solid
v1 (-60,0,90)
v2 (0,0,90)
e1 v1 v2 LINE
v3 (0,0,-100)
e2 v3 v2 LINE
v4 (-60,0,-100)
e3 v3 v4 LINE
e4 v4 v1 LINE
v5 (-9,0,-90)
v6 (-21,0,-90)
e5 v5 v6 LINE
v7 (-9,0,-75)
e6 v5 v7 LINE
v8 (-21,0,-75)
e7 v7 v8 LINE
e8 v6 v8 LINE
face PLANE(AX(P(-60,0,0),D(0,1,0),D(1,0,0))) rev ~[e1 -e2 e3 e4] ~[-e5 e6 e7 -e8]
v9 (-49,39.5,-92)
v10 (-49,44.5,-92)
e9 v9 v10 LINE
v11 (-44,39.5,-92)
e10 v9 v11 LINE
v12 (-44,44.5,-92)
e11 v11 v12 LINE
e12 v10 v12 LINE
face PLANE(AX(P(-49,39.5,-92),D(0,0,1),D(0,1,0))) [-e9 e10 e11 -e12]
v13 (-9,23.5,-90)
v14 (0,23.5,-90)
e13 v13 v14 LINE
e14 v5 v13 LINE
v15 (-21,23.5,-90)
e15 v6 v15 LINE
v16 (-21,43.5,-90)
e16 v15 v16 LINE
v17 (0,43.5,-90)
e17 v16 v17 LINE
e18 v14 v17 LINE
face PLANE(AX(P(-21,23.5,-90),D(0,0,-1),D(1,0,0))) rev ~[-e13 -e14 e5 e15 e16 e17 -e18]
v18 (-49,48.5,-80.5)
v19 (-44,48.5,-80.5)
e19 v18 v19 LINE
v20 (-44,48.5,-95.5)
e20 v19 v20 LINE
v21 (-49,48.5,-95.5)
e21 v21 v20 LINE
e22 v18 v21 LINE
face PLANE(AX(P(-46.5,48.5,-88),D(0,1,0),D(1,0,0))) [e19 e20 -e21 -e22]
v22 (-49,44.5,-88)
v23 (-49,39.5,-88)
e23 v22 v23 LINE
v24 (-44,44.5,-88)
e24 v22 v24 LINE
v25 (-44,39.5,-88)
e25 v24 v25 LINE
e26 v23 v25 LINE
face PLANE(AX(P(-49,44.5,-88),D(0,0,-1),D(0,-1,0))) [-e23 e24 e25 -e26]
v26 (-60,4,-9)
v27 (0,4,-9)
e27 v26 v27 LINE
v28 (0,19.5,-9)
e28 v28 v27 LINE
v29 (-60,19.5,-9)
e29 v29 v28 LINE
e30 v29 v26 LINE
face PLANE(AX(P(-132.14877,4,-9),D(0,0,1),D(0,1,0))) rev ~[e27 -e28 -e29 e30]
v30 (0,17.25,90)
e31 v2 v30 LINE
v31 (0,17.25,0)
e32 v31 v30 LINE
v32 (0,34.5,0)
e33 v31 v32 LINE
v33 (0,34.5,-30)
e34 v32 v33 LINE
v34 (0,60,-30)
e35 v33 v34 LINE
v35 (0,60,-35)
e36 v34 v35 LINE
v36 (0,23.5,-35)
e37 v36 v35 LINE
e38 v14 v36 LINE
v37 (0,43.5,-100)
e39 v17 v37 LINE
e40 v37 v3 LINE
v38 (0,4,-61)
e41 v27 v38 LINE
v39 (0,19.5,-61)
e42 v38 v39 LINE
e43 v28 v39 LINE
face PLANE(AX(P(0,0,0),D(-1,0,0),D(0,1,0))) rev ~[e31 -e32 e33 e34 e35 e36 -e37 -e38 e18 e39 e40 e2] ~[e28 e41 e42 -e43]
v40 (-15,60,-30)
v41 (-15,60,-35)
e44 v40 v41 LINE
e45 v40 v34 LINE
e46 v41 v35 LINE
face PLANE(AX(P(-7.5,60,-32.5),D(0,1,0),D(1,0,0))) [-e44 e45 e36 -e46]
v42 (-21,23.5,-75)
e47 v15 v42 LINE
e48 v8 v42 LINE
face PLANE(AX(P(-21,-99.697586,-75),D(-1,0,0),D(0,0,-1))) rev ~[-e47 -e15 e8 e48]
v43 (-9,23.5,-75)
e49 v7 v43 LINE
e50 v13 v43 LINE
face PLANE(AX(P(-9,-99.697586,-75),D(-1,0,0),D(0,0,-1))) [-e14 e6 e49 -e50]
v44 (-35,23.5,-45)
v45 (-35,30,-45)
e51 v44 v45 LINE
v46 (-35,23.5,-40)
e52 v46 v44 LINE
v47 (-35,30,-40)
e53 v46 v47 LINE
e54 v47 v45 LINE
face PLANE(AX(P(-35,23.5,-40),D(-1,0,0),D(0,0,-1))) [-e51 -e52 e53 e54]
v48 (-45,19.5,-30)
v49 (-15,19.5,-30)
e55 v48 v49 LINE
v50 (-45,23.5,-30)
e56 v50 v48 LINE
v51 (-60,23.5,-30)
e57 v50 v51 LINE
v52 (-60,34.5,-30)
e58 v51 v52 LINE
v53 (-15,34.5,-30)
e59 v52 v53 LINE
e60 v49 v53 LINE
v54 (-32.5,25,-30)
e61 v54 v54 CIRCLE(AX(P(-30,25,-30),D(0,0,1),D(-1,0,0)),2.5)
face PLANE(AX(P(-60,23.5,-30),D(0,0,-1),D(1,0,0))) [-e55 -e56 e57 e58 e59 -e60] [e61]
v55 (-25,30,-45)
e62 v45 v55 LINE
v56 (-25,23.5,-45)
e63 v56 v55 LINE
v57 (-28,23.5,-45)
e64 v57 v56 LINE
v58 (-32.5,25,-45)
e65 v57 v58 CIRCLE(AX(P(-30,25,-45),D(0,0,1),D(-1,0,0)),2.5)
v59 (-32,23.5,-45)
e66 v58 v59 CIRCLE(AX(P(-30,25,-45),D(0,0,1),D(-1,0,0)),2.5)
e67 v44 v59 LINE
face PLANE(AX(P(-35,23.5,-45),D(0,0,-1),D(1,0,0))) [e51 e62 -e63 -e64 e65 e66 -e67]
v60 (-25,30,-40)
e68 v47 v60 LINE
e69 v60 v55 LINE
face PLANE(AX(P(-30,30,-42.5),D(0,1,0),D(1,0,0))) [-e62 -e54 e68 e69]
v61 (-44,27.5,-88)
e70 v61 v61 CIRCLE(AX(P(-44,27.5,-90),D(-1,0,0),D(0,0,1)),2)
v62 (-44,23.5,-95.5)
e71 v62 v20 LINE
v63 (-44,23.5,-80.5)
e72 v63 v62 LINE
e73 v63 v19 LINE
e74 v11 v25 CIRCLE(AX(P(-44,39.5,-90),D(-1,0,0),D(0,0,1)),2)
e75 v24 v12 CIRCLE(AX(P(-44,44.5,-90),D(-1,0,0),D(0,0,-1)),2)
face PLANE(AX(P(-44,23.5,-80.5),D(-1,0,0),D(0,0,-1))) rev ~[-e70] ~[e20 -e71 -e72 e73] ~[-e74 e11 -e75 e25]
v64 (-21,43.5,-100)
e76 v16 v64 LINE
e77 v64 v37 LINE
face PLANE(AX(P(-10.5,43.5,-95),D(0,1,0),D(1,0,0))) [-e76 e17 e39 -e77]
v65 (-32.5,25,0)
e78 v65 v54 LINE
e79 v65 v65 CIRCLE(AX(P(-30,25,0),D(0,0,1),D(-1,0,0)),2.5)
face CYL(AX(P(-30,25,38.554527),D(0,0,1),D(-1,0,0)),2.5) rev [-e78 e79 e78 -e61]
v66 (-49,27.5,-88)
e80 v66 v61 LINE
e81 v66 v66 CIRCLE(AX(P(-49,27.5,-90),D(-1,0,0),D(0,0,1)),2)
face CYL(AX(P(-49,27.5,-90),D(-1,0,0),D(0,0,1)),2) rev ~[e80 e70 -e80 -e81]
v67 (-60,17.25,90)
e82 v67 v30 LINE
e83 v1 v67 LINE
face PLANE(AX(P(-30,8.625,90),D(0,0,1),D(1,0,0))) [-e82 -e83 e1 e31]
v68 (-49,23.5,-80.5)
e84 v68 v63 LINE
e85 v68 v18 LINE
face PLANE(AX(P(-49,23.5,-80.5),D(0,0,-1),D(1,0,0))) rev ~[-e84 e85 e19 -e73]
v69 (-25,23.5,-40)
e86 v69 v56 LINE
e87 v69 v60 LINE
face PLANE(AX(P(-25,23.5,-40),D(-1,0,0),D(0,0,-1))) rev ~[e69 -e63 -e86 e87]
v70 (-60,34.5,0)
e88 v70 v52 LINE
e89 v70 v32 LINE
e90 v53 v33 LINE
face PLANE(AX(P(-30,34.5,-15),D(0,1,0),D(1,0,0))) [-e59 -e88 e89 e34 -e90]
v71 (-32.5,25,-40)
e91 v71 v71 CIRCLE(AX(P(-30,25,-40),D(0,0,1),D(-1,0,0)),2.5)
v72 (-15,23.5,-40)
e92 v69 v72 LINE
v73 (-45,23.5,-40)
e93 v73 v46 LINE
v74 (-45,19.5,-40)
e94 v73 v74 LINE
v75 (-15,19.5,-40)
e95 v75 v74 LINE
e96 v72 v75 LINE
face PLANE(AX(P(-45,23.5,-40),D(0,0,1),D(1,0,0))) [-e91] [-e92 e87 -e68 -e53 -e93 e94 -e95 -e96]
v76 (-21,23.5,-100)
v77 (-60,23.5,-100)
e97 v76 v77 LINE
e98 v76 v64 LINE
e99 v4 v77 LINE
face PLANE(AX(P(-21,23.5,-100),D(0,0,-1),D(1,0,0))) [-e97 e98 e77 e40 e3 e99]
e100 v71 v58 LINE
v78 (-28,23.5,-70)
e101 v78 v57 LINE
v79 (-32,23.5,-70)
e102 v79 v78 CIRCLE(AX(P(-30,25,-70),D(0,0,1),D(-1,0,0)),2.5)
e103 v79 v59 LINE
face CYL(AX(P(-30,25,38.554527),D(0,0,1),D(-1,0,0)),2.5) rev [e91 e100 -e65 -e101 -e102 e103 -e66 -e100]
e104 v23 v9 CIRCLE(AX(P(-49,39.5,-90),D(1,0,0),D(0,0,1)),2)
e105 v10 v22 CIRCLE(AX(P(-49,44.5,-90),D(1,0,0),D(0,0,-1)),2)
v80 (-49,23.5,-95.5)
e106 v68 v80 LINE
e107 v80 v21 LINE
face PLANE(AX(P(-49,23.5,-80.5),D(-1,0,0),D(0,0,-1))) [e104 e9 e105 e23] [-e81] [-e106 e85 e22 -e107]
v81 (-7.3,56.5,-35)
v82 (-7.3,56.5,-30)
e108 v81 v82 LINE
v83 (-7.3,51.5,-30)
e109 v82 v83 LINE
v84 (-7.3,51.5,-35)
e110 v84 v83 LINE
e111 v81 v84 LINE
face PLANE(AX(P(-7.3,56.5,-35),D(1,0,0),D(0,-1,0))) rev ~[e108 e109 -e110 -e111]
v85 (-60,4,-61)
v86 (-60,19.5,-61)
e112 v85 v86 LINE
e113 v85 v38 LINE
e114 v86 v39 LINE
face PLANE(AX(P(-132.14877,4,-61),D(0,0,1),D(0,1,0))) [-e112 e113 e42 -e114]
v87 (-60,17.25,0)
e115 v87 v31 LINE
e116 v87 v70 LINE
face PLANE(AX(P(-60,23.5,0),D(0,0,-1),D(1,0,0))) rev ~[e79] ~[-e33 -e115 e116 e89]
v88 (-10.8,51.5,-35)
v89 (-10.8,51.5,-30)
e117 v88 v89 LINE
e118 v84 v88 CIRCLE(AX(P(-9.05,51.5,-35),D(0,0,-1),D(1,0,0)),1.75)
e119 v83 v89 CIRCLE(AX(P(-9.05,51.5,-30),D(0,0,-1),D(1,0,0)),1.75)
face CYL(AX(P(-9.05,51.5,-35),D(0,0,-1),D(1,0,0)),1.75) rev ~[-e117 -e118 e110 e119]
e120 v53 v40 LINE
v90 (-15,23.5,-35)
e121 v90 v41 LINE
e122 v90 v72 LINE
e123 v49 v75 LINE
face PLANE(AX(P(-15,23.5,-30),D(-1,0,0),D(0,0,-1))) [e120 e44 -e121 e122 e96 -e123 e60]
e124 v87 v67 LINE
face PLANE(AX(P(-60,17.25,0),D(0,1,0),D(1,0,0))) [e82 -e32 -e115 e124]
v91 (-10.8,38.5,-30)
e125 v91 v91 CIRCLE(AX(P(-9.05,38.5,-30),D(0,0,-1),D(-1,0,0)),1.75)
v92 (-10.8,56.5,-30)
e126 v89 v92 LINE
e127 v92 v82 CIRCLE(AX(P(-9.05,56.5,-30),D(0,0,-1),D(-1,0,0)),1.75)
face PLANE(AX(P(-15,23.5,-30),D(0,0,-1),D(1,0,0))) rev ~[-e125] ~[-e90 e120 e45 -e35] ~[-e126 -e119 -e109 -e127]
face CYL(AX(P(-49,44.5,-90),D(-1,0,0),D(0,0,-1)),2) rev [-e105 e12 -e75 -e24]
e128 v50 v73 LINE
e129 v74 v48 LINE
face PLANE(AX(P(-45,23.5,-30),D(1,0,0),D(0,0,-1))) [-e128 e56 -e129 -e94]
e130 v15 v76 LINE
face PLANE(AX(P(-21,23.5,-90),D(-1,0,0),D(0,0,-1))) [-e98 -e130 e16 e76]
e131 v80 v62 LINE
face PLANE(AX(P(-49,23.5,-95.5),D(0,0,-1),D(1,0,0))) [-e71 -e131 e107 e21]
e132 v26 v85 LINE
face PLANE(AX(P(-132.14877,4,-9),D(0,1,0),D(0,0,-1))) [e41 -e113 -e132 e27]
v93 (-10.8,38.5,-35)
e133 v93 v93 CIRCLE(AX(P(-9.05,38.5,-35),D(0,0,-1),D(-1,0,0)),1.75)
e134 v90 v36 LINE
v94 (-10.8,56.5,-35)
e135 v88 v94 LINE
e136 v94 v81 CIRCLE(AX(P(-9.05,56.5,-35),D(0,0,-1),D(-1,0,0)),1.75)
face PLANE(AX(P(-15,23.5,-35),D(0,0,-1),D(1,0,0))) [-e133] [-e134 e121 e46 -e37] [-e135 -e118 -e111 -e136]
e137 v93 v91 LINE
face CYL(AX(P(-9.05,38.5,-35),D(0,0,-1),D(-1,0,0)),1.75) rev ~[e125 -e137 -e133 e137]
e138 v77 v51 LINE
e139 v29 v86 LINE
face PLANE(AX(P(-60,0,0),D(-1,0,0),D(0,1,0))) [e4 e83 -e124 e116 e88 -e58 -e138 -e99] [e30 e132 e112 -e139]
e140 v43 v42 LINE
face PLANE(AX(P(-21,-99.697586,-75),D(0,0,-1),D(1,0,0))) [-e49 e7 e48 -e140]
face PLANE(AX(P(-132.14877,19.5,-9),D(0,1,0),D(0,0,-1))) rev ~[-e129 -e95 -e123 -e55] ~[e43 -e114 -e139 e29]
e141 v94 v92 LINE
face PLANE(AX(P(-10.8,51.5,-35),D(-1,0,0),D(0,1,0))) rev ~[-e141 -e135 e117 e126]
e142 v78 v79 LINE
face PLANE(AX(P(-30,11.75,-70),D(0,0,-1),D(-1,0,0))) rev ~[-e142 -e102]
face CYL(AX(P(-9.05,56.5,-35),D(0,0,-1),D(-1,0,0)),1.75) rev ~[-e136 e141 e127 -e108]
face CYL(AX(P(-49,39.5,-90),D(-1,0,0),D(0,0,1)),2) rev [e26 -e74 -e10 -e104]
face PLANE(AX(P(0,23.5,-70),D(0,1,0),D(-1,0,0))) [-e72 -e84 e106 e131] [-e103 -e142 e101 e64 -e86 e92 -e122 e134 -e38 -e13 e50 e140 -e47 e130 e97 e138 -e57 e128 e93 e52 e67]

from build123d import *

# Parameters (mm, degrees)
SKETCH1_W               = 60
SKETCH1_H               = 70
BOSS_EXTRUDE1_DEPTH     = 23.5
SHELL1_T                = -9
SKETCH2_W               = 10
SKETCH2_H               = 5
BOSS_EXTRUDE2_DEPTH     = 6.5
SKETCH5_W               = 60
SKETCH5_H               = 30
BOSS_EXTRUDE3_DEPTH     = 11
CUT_EXTRUDE1_DEPTH      = 83.554527435
CUT_EXTRUDE1_DEPTH_BACK = 83.554527435
SKETCH3_R               = 2.5
SKETCH4_W               = 30
SKETCH4_H               = 10
CUT_EXTRUDE2_DEPTH      = 10
SKETCH6_W               = 15
SKETCH6_H               = 5
BOSS_EXTRUDE4_DEPTH     = 36.5
SKETCH8_R               = 1.75
CUT_EXTRUDE3_DEPTH      = 10
SKETCH9_W               = 60
SKETCH9_H               = 23.5
BOSS_EXTRUDE5_DEPTH     = 30
CUT_EXTRUDE4_DEPTH      = 123.197585901
CUT_EXTRUDE4_DEPTH_BACK = 123.197585901
SKETCH11_W              = 12
SKETCH11_H              = 15
SKETCH12_W              = 5
SKETCH12_H              = 15
BOSS_EXTRUDE7_DEPTH     = 25
SKETCH13_R              = 2
CUT_EXTRUDE5_DEPTH      = 25
SKETCH14_W              = 21
SKETCH14_H              = 10
BOSS_EXTRUDE8_DEPTH     = 20
SKETCH15_W              = 60
SKETCH15_H              = 17.25
BOSS_EXTRUDE9_DEPTH     = 90
CUT_EXTRUDE6_DEPTH      = 132.148770486
CUT_EXTRUDE6_DEPTH_BACK = 132.148770486
SKETCH16_W              = 52
SKETCH16_H              = 15.5


with BuildPart() as part:
    # Sketch1 → Boss-Extrude1 (new body)
    with BuildSketch(Plane(origin=(0, 0, 0), x_dir=(1, 0, 0), z_dir=(0, 1, 0))):
        with Locations((-30, 35)):
            Rectangle(SKETCH1_W, SKETCH1_H)
    extrude(amount=BOSS_EXTRUDE1_DEPTH)

    # Shell1
    shell1_openings = [part.faces().sort_by_distance(p)[0] for p in [
        (-60, 11.75, -35),
        (0, 11.75, -35),
    ]]
    offset(amount=SHELL1_T, openings=shell1_openings, kind=Kind.INTERSECTION)

    # Sketch2 → Boss-Extrude2 (add)
    with BuildSketch(Plane(origin=(0, 23.5, 0), x_dir=(1, 0, 0), z_dir=(0, 1, 0))):
        with Locations((-30, 42.5)):
            Rectangle(SKETCH2_W, SKETCH2_H)
        with Locations((-30, 27.5)):
            Rectangle(SKETCH2_W, SKETCH2_H)
    extrude(amount=BOSS_EXTRUDE2_DEPTH)

    # Sketch5 → Boss-Extrude3 (add)
    with BuildSketch(Plane(origin=(0, 23.5, 0), x_dir=(1, 0, 0), z_dir=(0, 1, 0))):
        with Locations((-30, 15)):
            Rectangle(SKETCH5_W, SKETCH5_H)
    extrude(amount=BOSS_EXTRUDE3_DEPTH)

    # Sketch3 → Cut-Extrude1 (cut, two sides: drawn at the far end of the back side and taken through both)
    with BuildSketch(Plane(origin=(0, 0, -45), x_dir=(-1, 0, 0), z_dir=(0, 0, -1)).offset(-CUT_EXTRUDE1_DEPTH_BACK)):
        with Locations((30, 25)):
            Circle(SKETCH3_R)
    extrude(amount=CUT_EXTRUDE1_DEPTH + CUT_EXTRUDE1_DEPTH_BACK, mode=Mode.SUBTRACT)

    # Sketch4 → Cut-Extrude2 (cut)
    with BuildSketch(Plane(origin=(0, 23.5, 0), x_dir=(1, 0, 0), z_dir=(0, 1, 0))):
        with Locations((-30, 35)):
            Rectangle(SKETCH4_W, SKETCH4_H)
    extrude(amount=-CUT_EXTRUDE2_DEPTH, mode=Mode.SUBTRACT)

    # Sketch6 → Boss-Extrude4 (add)
    with BuildSketch(Plane(origin=(0, 23.5, 0), x_dir=(1, 0, 0), z_dir=(0, 1, 0))):
        with Locations((-7.5, 32.5)):
            Rectangle(SKETCH6_W, SKETCH6_H)
    extrude(amount=BOSS_EXTRUDE4_DEPTH)

    # Sketch8 → Cut-Extrude3 (cut)
    with BuildSketch(Plane(origin=(0, 0, -35), x_dir=(-1, 0, 0), z_dir=(0, 0, -1))):
        with Locations((9.05, 38.5)):
            Circle(SKETCH8_R)
        with BuildLine():
            Line((7.3, 56.5), (7.3, 51.5))
            ThreePointArc((7.3, 51.5), (9.05, 49.75), (10.8, 51.5))
            Line((10.8, 51.5), (10.8, 56.5))
            ThreePointArc((10.8, 56.5), (9.05, 58.25), (7.3, 56.5))
        make_face()
    extrude(amount=-CUT_EXTRUDE3_DEPTH, mode=Mode.SUBTRACT)

    # Sketch9 → Boss-Extrude5 (add)
    with BuildSketch(Plane(origin=(0, 0, -70), x_dir=(-1, 0, 0), z_dir=(0, 0, -1))):
        with Locations((30, 11.75)):
            Rectangle(SKETCH9_W, SKETCH9_H)
    extrude(amount=BOSS_EXTRUDE5_DEPTH)

    # Sketch11 → Cut-Extrude4 (cut, two sides: drawn at the far end of the back side and taken through both)
    with BuildSketch(Plane(origin=(0, 23.5, 0), x_dir=(1, 0, 0), z_dir=(0, 1, 0)).offset(-CUT_EXTRUDE4_DEPTH_BACK)):
        with Locations((-15, 82.5)):
            Rectangle(SKETCH11_W, SKETCH11_H)
    extrude(amount=CUT_EXTRUDE4_DEPTH + CUT_EXTRUDE4_DEPTH_BACK, mode=Mode.SUBTRACT)

    # Sketch12 → Boss-Extrude7 (add)
    with BuildSketch(Plane(origin=(0, 23.5, 0), x_dir=(1, 0, 0), z_dir=(0, 1, 0))):
        with Locations((-46.5, 88)):
            Rectangle(SKETCH12_W, SKETCH12_H)
    extrude(amount=BOSS_EXTRUDE7_DEPTH)

    # Sketch13 → Cut-Extrude5 (cut)
    with BuildSketch(Plane.ZY.offset(49)):
        with Locations((-90, 27.5)):
            Circle(SKETCH13_R)
        with BuildLine():
            Line((-88, 44.5), (-88, 39.5))
            ThreePointArc((-88, 39.5), (-90, 37.5), (-92, 39.5))
            Line((-92, 39.5), (-92, 44.5))
            ThreePointArc((-92, 44.5), (-90, 46.5), (-88, 44.5))
        make_face()
    extrude(amount=-CUT_EXTRUDE5_DEPTH, mode=Mode.SUBTRACT)

    # Sketch14 → Boss-Extrude8 (add)
    with BuildSketch(Plane(origin=(0, 23.5, 0), x_dir=(1, 0, 0), z_dir=(0, 1, 0))):
        with Locations((-10.5, 95)):
            Rectangle(SKETCH14_W, SKETCH14_H)
    extrude(amount=BOSS_EXTRUDE8_DEPTH)

    # Sketch15 → Boss-Extrude9 (add)
    with BuildSketch(Plane.XY):
        with Locations((-30, 8.625)):
            Rectangle(SKETCH15_W, SKETCH15_H)
    extrude(amount=BOSS_EXTRUDE9_DEPTH)

    # Sketch16 → Cut-Extrude6 (cut, two sides: drawn at the far end of the back side and taken through both)
    with BuildSketch(Plane(origin=(0, 0, 0), x_dir=(0, 0, -1), z_dir=(1, 0, 0)).offset(-CUT_EXTRUDE6_DEPTH_BACK)):
        with Locations((35, 11.75)):
            Rectangle(SKETCH16_W, SKETCH16_H)
    extrude(amount=CUT_EXTRUDE6_DEPTH + CUT_EXTRUDE6_DEPTH_BACK, mode=Mode.SUBTRACT)


solid = part.part
